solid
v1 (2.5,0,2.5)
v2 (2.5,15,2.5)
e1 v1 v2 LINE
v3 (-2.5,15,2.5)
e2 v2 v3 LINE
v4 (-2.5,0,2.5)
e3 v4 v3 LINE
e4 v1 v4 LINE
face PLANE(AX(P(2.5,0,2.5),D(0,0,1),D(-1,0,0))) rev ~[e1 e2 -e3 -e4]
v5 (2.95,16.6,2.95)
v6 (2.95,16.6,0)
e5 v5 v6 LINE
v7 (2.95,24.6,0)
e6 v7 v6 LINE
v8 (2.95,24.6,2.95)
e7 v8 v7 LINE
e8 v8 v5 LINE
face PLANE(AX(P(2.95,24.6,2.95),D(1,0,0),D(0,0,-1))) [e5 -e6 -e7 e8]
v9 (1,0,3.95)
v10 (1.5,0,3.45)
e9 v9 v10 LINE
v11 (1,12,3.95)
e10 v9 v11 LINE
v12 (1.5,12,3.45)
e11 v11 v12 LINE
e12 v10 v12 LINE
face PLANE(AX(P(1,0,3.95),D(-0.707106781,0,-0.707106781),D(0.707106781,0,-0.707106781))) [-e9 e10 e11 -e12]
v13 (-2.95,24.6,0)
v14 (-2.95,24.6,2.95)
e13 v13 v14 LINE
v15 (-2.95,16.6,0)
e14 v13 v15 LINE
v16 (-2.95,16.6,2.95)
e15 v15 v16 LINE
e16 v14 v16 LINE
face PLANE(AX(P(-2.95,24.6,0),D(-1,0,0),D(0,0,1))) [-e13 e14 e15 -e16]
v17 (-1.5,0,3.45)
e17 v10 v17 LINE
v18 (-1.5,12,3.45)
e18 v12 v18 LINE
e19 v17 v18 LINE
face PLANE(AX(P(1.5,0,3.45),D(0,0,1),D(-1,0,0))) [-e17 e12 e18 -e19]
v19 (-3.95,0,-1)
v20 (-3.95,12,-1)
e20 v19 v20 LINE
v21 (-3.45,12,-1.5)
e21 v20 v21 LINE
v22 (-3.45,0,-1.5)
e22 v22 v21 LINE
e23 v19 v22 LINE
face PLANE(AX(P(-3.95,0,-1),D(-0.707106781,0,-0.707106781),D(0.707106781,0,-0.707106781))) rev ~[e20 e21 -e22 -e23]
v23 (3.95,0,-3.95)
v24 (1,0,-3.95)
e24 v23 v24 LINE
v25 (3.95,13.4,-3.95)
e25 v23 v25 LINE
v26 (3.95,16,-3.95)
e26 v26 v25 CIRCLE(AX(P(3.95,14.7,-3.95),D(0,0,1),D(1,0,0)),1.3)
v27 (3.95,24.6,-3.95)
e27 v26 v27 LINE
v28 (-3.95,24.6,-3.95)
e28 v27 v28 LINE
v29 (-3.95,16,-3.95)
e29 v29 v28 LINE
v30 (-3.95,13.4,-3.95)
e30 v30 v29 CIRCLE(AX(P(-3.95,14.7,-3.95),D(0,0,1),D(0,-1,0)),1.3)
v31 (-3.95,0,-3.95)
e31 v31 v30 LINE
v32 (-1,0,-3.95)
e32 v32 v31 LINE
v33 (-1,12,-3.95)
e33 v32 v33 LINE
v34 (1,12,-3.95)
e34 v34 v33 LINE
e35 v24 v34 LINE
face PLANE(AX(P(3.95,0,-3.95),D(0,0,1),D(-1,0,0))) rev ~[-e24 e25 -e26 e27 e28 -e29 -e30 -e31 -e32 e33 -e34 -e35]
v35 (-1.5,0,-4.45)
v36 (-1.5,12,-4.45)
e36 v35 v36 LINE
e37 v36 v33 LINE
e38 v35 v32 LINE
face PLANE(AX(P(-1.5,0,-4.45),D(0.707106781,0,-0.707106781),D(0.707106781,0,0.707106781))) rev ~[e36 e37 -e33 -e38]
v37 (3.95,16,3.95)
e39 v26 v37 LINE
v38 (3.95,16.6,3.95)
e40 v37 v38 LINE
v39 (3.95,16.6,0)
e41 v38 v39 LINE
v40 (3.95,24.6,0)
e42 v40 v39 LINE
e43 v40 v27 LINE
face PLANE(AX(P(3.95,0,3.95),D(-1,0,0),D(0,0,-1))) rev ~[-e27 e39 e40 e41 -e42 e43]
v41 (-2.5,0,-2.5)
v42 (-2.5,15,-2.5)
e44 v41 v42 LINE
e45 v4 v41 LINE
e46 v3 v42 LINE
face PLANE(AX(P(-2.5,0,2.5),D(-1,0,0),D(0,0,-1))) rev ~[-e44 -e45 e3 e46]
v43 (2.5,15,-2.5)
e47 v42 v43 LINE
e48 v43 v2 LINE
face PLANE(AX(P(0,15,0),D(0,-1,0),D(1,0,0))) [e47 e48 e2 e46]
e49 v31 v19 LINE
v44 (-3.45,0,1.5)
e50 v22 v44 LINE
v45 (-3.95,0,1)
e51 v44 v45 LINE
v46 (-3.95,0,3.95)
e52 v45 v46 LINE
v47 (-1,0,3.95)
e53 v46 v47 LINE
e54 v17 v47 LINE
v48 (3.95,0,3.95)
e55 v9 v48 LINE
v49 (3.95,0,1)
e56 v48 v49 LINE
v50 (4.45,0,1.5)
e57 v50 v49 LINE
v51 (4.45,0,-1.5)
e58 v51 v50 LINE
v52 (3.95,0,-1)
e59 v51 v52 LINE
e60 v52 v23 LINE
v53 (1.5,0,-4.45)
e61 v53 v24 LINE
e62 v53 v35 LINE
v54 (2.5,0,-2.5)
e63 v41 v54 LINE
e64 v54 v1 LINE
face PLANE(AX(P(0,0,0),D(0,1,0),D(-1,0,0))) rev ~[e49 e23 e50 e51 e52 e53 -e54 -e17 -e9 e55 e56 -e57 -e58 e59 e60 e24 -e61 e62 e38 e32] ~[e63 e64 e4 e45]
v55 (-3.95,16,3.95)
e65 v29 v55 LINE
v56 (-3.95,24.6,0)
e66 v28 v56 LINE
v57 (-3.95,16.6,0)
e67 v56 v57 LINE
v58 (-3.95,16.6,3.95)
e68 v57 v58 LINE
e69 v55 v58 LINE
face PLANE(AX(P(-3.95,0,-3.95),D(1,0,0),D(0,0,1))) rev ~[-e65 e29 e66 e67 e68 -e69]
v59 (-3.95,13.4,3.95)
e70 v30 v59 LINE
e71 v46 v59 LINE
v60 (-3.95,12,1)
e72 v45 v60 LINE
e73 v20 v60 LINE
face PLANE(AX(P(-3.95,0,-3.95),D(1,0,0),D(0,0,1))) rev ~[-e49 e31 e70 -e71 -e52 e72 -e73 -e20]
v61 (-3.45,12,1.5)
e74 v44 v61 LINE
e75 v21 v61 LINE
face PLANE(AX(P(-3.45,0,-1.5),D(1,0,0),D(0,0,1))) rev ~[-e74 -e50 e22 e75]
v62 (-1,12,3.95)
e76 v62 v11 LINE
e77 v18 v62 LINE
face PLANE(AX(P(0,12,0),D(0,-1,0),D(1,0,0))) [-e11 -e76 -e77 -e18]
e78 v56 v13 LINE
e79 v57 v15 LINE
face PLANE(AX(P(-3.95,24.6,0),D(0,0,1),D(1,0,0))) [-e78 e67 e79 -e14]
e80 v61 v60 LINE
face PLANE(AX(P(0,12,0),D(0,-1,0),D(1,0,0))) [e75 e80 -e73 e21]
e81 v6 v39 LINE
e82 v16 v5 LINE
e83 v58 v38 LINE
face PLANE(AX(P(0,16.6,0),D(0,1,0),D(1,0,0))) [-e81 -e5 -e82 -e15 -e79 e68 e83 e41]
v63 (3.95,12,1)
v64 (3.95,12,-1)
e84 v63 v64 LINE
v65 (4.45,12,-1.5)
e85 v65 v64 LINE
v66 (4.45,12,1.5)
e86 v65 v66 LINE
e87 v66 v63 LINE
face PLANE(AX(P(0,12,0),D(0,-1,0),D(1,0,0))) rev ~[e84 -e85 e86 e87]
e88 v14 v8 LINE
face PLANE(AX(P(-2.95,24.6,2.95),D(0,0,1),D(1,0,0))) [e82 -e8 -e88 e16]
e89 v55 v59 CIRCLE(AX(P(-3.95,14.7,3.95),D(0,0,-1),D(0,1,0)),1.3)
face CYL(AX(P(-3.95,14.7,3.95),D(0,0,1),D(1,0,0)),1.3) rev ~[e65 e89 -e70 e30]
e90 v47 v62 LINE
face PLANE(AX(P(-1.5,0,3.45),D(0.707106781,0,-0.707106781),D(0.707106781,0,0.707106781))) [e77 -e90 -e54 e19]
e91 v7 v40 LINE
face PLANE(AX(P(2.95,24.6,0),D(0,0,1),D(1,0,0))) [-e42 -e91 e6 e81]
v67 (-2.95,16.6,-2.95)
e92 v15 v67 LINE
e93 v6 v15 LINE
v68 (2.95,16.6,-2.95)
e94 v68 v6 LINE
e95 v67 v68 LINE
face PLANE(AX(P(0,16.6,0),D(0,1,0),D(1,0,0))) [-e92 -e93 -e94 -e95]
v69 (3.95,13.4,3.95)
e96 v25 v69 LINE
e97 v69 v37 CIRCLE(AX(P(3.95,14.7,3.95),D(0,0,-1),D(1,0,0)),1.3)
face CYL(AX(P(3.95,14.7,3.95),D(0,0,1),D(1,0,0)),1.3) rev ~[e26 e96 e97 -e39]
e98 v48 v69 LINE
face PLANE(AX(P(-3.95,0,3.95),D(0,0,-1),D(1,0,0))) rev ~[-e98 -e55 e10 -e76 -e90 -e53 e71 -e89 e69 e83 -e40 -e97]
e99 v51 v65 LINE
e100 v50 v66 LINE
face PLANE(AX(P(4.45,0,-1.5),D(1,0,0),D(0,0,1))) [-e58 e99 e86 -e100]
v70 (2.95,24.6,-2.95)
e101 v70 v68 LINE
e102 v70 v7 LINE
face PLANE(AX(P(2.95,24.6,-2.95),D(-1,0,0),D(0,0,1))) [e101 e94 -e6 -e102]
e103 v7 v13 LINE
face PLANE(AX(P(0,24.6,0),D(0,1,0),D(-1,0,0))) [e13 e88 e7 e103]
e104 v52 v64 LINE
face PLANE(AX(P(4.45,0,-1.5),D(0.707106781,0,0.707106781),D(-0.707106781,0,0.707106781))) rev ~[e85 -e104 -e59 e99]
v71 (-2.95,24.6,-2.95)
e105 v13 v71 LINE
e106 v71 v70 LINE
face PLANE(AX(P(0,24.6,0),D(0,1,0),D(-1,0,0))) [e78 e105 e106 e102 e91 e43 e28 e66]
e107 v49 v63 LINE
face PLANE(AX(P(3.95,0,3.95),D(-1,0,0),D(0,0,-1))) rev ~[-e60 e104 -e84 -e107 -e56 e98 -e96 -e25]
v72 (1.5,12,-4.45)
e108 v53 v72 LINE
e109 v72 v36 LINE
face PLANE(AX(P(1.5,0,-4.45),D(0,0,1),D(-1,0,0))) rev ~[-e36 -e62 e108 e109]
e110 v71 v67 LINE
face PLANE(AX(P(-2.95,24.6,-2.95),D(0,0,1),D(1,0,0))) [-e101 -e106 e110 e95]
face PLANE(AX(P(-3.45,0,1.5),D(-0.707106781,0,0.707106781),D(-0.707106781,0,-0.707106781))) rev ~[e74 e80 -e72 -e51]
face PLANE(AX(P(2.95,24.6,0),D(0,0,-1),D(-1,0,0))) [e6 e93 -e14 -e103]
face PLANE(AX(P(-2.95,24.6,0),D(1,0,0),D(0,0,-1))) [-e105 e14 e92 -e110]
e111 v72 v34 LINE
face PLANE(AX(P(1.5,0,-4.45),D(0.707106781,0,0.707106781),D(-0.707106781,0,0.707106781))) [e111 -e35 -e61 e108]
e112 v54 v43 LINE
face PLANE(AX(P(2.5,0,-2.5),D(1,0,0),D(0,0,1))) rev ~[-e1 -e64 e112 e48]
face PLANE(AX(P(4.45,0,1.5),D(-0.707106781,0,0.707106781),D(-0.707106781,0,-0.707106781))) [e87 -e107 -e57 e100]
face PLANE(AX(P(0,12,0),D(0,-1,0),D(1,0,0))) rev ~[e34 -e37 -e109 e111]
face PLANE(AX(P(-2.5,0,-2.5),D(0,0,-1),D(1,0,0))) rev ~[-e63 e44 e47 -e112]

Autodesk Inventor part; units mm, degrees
ref_plane "YZ Plane" through (0, 0, 0) normal (1, 0, 0) x (0, 1, 0)
ref_plane "XZ Plane" through (0, 0, 0) normal (0, 1, 0) x (-1, 0, 0)
ref_plane "XY Plane" through (0, 0, 0) normal (0, 0, 1) x (1, 0, 0)
sketch "Sketch1" plane through (0, 0, 0) normal (0, 1, 0) x (-1, 0, 0)
  line L0 (-3.95, -3.95) -> (3.95, -3.95)
  line L1 (3.95, -3.95) -> (3.95, 3.95)
  line L2 (3.95, 3.95) -> (-3.95, 3.95)
  line L3 (-3.95, 3.95) -> (-3.95, -3.95)
  line L4 (-3.95, -3.95) -> (3.95, 3.95) construction
  line L5 (3.95, -3.95) -> (-3.95, 3.95) construction
  point P0 (0, 0)
  dimension "d0" = 7.9
  dimension "d1" = 7.9
extrude "Extrusion1" add sketch "Sketch1" along normal blind 24.6
sketch "Sketch2" plane through (-3.95, 0, 3.95) normal (0, 0, 1) x (1, 0, 0)
  line L0 (7.9, 0) -> (7.9, 24.6) projected
  line L1 (0, 24.6) -> (7.9, 24.6) projected
  line L2 (0, 0) -> (0, 24.6) projected
  circle A0 centre (0, 14.7) radius 1.3
  circle A1 centre (7.9, 14.7) radius 1.3
  point P0 (3.95, 0)
  dimension "d4" = 2.6
  dimension "d5" = 2.6
  dimension "d6" = 9.9
  dimension "d7" = 9.9
extrude "Extrusion2" cut sketch "Sketch2" against normal through all
sketch "Sketch3" plane through (0, 0, 0) normal (0, -1, 0) x (1, 0, 0)
  line L0 (-2.5, -2.5) -> (2.5, -2.5)
  line L1 (2.5, -2.5) -> (2.5, 2.5)
  line L2 (2.5, 2.5) -> (-2.5, 2.5)
  line L3 (-2.5, 2.5) -> (-2.5, -2.5)
  line L4 (-2.5, -2.5) -> (2.5, 2.5) construction
  line L5 (2.5, -2.5) -> (-2.5, 2.5) construction
  point P0 (0, 0)
  dimension "d10" = 5
  dimension "d11" = 5
extrude "Extrusion3" cut sketch "Sketch3" against normal blind 15
sketch "Sketch4" plane through (0, 24.6, 0) normal (0, 1, 0) x (1, 0, 0)
  line L0 (-3.95, 3.95) -> (-3.95, -3.95) projected
  line L1 (-3.95, -3.95) -> (3.95, -3.95) projected
  line L2 (3.95, -3.95) -> (3.95, 3.95) projected
  line L3 (-3.95, 0) -> (-2.95, 0)
  line L4 (-2.95, 0) -> (-2.95, -2.95)
  line L5 (-2.95, -2.95) -> (2.95, -2.95)
  line L6 (2.95, -2.95) -> (2.95, 0)
  line L7 (2.95, 0) -> (3.95, 0)
  point P0 (0, 0)
  dimension "d14" = 1
  dimension "d15" = 1
  dimension "d16" = 1
extrude "Extrusion4" cut sketch "Sketch4" against normal blind 8
sketch "Sketch5" plane through (0, 24.6, 0) normal (0, 1, 0) x (1, 0, 0)
  line L0 (3.95, 3.95) -> (-3.95, 3.95) projected
  line L1 (-3.95, 3.95) -> (-3.95, 0) projected
  line L2 (-2.95, 2.95) -> (2.95, 2.95)
  line L3 (2.95, 2.95) -> (2.95, 0)
  line L4 (2.95, 0) -> (-2.95, 0)
  line L5 (-2.95, 0) -> (-2.95, 2.95)
  line L6 (-2.95, 2.95) -> (2.95, 0) construction
  line L7 (2.95, 2.95) -> (-2.95, 0) construction
  point P0 (0, 0)
  point P1 (0, 1.475)
  dimension "d19" = 1
  dimension "d20" = 1
extrude "Extrusion5" cut sketch "Sketch5" against normal blind 8
sketch "Sketch6" plane through (0, 0, 0) normal (0, -1, 0) x (1, 0, 0)
  line L0 (3.95, -3.95) -> (-3.95, -3.95) projected
  line L1 (3.95, 3.95) -> (3.95, -3.95) projected
  line L2 (-3.95, -3.95) -> (-3.95, 3.95) projected
  line L3 (1.5, -4.45) -> (-1.5, -4.45)
  line L4 (1.5, -4.45) -> (1, -3.95)
  line L5 (-1.5, -4.45) -> (-1, -3.95)
  line L6 (3.95, -3.95) -> (2.5, -2.5) construction
  line L7 (4.45, -1.5) -> (4.45, 1.5)
  line L8 (4.45, -1.5) -> (3.95, -1)
  line L9 (4.45, 1.5) -> (3.95, 1)
  line L10 (3.95, 1) -> (3.95, -1)
  point P0 (0, 0)
  dimension "d23" = 3
  dimension "d24" = 1.5
  dimension "d26" = 0.5
  dimension "d27" = 45
  dimension "d28" = 45
extrude "Extrusion6" add sketch "Sketch6" against normal blind 12
sketch "Sketch7" plane through (0, 0, 0) normal (0, -1, 0) x (1, 0, 0)
  line L0 (-2.5, -2.5) -> (-2.5, 2.5) projected
  line L1 (-3.95, -3.95) -> (-3.95, 3.95) projected
  line L2 (-1.5, -4.45) -> (1.5, -4.45) projected
  line L3 (1.5, -4.45) -> (1, -3.95) projected
  line L4 (-3.95, -1) -> (-3.45, -1.5)
  line L5 (-3.45, -1.5) -> (-3.45, 1.5)
  line L6 (-3.45, 1.5) -> (-3.95, 1)
  line L7 (-3.95, 1) -> (-3.95, -1)
  line L8 (-3.95, 3.95) -> (-2.5, 2.5) construction
  line L9 (1, 3.95) -> (1.5, 3.45)
  line L10 (1.5, 3.45) -> (-1.5, 3.45)
  line L11 (-1.5, 3.45) -> (-1, 3.95)
  line L12 (-1, 3.95) -> (1, 3.95)
  point P0 (0, 0)
  dimension "d34" = 3
  dimension "d35" = 1.5
  dimension "d36" = 0.5
extrude "Extrusion7" cut sketch "Sketch7" against normal blind 12
properties part number "PowerPole45" material "ABS Plastic"
